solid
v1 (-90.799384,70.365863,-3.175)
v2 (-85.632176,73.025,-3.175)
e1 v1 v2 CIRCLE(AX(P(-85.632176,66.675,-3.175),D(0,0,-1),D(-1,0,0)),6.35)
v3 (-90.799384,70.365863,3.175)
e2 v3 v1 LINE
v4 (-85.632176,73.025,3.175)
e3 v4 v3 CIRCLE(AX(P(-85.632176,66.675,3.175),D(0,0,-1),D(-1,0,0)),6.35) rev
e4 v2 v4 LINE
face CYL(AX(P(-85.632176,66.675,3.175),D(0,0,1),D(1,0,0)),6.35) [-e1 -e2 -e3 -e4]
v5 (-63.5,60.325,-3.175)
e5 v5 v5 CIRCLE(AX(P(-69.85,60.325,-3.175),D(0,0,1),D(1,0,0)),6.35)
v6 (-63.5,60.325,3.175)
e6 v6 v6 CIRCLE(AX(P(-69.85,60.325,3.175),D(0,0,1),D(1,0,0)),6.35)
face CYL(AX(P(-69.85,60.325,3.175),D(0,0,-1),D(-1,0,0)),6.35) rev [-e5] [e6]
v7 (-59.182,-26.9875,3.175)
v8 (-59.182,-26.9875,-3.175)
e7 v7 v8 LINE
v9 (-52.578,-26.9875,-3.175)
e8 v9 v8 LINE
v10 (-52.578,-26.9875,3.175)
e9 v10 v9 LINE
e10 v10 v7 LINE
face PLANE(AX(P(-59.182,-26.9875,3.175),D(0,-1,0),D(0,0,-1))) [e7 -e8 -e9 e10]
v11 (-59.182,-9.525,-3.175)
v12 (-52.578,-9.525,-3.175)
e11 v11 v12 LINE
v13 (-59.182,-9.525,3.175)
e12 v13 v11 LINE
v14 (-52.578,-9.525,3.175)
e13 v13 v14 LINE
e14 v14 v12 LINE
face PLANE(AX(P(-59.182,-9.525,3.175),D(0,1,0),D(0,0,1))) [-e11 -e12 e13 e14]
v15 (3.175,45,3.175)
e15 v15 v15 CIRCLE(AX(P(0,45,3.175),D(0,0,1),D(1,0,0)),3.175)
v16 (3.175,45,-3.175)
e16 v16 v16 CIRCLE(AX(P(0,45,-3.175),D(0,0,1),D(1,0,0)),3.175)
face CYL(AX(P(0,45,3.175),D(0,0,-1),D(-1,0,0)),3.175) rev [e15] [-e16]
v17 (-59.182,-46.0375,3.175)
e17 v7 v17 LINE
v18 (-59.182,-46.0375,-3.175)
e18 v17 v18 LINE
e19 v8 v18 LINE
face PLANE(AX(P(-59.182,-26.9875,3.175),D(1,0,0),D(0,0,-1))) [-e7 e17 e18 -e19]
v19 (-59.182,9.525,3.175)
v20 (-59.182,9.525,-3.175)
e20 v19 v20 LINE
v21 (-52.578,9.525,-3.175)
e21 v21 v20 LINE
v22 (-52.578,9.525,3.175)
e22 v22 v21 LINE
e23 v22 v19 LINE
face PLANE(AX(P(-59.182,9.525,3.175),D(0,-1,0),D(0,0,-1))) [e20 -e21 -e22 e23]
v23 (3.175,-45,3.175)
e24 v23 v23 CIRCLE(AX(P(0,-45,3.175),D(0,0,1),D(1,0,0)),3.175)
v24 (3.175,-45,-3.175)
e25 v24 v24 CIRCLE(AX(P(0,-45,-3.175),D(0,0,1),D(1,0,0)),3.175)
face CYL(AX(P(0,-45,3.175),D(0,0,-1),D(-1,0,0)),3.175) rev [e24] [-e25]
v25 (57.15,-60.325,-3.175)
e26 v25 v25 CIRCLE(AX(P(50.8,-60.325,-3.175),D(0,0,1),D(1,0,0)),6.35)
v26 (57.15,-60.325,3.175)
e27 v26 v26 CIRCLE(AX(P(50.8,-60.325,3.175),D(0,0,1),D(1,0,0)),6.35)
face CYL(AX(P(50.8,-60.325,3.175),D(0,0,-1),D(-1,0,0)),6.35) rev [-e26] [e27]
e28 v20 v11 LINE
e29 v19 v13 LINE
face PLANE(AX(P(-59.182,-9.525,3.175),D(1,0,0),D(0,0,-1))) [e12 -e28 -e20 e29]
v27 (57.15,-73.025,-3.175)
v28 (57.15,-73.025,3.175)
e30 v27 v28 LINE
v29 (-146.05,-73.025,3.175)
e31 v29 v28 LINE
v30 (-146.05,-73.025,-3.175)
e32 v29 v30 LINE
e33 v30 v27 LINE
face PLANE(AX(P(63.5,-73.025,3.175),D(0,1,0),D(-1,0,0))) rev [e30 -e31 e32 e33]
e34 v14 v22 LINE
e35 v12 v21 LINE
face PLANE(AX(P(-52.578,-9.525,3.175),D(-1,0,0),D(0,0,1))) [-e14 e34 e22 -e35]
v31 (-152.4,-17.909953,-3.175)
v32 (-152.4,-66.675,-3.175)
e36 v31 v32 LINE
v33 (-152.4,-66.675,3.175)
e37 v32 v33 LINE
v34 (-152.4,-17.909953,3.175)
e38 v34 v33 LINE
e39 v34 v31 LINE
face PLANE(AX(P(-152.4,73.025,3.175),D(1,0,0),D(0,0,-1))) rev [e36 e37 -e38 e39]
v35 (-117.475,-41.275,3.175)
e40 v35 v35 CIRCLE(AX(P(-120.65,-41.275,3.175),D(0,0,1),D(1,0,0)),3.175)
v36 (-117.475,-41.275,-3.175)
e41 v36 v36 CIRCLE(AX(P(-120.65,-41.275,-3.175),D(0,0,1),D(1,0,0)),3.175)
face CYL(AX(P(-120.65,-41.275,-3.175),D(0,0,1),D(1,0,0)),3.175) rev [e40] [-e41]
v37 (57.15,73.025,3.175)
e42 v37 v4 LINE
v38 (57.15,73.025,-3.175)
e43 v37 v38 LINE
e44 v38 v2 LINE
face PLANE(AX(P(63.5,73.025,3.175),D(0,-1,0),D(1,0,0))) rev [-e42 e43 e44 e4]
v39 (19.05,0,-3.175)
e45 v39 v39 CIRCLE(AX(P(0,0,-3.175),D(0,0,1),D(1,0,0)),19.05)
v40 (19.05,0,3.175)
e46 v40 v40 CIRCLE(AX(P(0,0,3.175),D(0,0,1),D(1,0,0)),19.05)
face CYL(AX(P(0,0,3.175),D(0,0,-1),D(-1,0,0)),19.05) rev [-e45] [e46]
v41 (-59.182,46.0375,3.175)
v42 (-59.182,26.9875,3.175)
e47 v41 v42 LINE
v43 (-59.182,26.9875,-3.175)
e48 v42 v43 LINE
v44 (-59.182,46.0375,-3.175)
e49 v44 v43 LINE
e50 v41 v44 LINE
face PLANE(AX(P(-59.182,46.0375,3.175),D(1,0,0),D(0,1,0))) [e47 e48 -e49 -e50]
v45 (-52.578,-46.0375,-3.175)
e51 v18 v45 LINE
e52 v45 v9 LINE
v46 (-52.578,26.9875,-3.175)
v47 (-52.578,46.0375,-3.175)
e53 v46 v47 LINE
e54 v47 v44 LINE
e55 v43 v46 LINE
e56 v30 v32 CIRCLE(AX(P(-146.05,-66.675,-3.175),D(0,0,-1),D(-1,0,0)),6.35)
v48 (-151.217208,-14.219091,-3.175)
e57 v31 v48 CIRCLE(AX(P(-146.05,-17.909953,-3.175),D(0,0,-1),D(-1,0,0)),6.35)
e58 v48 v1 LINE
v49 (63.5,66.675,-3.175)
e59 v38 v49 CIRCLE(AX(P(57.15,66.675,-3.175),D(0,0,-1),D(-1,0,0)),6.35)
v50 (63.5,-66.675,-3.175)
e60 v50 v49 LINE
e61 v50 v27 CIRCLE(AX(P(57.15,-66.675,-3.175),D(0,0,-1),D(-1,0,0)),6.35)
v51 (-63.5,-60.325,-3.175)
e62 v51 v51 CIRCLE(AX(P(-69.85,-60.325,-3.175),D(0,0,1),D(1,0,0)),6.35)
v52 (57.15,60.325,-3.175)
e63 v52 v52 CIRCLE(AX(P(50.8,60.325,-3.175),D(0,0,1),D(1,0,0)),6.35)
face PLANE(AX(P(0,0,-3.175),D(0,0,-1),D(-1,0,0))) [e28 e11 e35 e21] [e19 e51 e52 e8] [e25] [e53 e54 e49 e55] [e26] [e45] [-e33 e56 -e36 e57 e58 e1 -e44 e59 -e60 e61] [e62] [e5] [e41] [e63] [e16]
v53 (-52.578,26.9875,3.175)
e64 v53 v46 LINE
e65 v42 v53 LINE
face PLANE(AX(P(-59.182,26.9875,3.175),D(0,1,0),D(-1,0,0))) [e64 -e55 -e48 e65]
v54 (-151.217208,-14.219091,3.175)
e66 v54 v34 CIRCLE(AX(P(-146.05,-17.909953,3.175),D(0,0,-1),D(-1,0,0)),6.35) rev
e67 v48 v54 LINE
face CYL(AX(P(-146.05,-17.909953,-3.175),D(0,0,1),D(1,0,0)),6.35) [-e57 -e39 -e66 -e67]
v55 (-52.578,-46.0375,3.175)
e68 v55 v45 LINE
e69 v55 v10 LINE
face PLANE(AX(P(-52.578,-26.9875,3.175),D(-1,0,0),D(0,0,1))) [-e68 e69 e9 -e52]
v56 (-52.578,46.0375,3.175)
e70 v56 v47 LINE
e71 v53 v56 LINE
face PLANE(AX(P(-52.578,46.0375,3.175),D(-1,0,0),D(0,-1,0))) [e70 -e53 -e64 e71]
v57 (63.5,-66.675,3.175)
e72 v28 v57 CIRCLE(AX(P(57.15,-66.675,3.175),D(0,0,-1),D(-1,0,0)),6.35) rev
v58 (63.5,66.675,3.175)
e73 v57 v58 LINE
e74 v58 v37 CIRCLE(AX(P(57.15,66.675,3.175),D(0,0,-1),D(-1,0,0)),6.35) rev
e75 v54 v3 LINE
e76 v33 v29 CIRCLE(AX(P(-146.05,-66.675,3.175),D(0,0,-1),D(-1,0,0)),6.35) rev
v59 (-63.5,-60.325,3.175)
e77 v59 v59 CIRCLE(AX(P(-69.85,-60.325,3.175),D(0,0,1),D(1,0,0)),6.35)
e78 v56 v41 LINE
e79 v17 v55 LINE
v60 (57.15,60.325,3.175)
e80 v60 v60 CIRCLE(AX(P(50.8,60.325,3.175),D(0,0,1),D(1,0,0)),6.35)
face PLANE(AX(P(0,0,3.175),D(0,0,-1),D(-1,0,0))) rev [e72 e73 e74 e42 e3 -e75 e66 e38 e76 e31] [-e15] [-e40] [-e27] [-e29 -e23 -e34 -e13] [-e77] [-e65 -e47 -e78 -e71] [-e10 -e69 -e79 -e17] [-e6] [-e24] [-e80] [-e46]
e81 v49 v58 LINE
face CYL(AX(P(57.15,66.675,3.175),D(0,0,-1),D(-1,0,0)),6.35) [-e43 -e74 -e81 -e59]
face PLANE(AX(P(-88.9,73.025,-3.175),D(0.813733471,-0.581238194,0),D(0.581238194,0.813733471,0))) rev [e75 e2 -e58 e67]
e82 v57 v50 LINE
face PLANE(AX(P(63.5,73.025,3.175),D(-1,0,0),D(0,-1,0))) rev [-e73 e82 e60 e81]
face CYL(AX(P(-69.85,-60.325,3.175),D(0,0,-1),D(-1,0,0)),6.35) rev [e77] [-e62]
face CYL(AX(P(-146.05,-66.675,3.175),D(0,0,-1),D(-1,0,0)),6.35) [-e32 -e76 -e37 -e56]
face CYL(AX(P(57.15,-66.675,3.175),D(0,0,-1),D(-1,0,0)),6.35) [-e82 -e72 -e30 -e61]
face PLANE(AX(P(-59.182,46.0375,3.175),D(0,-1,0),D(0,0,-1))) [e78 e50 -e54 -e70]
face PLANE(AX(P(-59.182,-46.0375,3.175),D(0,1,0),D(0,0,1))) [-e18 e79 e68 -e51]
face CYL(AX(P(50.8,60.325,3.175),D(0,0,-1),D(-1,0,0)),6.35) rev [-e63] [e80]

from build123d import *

# Parameters (mm, degrees)
SKETCH1_W           = 215.9
SKETCH1_H           = 146.05
SKETCH1_R           = 6.35
SKETCH1_R_2         = 19.05
SKETCH1_R_3         = 3.175
SKETCH1_W_2         = 6.604
SKETCH1_H_2         = 19.05
BOSS_EXTRUDE1_DEPTH = 3.175
SKETCH2_R           = 3.175
CUT_EXTRUDE1_DEPTH  = 7.35
FILLET1_R           = 6.35


with BuildPart() as part:
    # Sketch1 → Boss-Extrude1 (new body, symmetric)
    with BuildSketch(Plane.XY):
        with Locations((-44.45, 0)):
            Rectangle(SKETCH1_W, SKETCH1_H)
        with Locations((50.8, 60.325)):
            Circle(SKETCH1_R, mode=Mode.SUBTRACT)
        with Locations((50.8, -60.325)):
            Circle(SKETCH1_R, mode=Mode.SUBTRACT)
        Circle(SKETCH1_R_2, mode=Mode.SUBTRACT)
        with Locations((0, 45)):
            Circle(SKETCH1_R_3, mode=Mode.SUBTRACT)
        with Locations((0, -45)):
            Circle(SKETCH1_R_3, mode=Mode.SUBTRACT)
        with Locations((-69.85, 60.325)):
            Circle(SKETCH1_R, mode=Mode.SUBTRACT)
        with Locations((-69.85, -60.325)):
            Circle(SKETCH1_R, mode=Mode.SUBTRACT)
        with Locations((-55.88, 0)):
            Rectangle(SKETCH1_W_2, SKETCH1_H_2, mode=Mode.SUBTRACT)
        with Locations((-55.88, 36.5125)):
            Rectangle(SKETCH1_W_2, SKETCH1_H_2, mode=Mode.SUBTRACT)
        with Locations((-55.88, -36.5125)):
            Rectangle(SKETCH1_W_2, SKETCH1_H_2, mode=Mode.SUBTRACT)
    extrude(amount=BOSS_EXTRUDE1_DEPTH, both=True)

    # Sketch2 → Cut-Extrude1 (cut, through all)
    with BuildSketch(Plane.XY.offset(3.175)):
        with Locations((-120.65, -41.275)):
            Circle(SKETCH2_R)
        Polygon((-88.9, 73.025), (-152.4, -15.875), (-152.4, 73.025), align=None)
    extrude(amount=-CUT_EXTRUDE1_DEPTH, mode=Mode.SUBTRACT)

    # Fillet1
    fillet1_edges = [part.edges().sort_by_distance(p)[0] for p in [
        (63.5, 73.025, 0),
        (63.5, -73.025, 0),
        (-152.4, -73.025, 0),
        (-88.9, 73.025, 0),
        (-152.4, -15.875, 0),
    ]]
    fillet(fillet1_edges, radius=FILLET1_R)


solid = part.part
